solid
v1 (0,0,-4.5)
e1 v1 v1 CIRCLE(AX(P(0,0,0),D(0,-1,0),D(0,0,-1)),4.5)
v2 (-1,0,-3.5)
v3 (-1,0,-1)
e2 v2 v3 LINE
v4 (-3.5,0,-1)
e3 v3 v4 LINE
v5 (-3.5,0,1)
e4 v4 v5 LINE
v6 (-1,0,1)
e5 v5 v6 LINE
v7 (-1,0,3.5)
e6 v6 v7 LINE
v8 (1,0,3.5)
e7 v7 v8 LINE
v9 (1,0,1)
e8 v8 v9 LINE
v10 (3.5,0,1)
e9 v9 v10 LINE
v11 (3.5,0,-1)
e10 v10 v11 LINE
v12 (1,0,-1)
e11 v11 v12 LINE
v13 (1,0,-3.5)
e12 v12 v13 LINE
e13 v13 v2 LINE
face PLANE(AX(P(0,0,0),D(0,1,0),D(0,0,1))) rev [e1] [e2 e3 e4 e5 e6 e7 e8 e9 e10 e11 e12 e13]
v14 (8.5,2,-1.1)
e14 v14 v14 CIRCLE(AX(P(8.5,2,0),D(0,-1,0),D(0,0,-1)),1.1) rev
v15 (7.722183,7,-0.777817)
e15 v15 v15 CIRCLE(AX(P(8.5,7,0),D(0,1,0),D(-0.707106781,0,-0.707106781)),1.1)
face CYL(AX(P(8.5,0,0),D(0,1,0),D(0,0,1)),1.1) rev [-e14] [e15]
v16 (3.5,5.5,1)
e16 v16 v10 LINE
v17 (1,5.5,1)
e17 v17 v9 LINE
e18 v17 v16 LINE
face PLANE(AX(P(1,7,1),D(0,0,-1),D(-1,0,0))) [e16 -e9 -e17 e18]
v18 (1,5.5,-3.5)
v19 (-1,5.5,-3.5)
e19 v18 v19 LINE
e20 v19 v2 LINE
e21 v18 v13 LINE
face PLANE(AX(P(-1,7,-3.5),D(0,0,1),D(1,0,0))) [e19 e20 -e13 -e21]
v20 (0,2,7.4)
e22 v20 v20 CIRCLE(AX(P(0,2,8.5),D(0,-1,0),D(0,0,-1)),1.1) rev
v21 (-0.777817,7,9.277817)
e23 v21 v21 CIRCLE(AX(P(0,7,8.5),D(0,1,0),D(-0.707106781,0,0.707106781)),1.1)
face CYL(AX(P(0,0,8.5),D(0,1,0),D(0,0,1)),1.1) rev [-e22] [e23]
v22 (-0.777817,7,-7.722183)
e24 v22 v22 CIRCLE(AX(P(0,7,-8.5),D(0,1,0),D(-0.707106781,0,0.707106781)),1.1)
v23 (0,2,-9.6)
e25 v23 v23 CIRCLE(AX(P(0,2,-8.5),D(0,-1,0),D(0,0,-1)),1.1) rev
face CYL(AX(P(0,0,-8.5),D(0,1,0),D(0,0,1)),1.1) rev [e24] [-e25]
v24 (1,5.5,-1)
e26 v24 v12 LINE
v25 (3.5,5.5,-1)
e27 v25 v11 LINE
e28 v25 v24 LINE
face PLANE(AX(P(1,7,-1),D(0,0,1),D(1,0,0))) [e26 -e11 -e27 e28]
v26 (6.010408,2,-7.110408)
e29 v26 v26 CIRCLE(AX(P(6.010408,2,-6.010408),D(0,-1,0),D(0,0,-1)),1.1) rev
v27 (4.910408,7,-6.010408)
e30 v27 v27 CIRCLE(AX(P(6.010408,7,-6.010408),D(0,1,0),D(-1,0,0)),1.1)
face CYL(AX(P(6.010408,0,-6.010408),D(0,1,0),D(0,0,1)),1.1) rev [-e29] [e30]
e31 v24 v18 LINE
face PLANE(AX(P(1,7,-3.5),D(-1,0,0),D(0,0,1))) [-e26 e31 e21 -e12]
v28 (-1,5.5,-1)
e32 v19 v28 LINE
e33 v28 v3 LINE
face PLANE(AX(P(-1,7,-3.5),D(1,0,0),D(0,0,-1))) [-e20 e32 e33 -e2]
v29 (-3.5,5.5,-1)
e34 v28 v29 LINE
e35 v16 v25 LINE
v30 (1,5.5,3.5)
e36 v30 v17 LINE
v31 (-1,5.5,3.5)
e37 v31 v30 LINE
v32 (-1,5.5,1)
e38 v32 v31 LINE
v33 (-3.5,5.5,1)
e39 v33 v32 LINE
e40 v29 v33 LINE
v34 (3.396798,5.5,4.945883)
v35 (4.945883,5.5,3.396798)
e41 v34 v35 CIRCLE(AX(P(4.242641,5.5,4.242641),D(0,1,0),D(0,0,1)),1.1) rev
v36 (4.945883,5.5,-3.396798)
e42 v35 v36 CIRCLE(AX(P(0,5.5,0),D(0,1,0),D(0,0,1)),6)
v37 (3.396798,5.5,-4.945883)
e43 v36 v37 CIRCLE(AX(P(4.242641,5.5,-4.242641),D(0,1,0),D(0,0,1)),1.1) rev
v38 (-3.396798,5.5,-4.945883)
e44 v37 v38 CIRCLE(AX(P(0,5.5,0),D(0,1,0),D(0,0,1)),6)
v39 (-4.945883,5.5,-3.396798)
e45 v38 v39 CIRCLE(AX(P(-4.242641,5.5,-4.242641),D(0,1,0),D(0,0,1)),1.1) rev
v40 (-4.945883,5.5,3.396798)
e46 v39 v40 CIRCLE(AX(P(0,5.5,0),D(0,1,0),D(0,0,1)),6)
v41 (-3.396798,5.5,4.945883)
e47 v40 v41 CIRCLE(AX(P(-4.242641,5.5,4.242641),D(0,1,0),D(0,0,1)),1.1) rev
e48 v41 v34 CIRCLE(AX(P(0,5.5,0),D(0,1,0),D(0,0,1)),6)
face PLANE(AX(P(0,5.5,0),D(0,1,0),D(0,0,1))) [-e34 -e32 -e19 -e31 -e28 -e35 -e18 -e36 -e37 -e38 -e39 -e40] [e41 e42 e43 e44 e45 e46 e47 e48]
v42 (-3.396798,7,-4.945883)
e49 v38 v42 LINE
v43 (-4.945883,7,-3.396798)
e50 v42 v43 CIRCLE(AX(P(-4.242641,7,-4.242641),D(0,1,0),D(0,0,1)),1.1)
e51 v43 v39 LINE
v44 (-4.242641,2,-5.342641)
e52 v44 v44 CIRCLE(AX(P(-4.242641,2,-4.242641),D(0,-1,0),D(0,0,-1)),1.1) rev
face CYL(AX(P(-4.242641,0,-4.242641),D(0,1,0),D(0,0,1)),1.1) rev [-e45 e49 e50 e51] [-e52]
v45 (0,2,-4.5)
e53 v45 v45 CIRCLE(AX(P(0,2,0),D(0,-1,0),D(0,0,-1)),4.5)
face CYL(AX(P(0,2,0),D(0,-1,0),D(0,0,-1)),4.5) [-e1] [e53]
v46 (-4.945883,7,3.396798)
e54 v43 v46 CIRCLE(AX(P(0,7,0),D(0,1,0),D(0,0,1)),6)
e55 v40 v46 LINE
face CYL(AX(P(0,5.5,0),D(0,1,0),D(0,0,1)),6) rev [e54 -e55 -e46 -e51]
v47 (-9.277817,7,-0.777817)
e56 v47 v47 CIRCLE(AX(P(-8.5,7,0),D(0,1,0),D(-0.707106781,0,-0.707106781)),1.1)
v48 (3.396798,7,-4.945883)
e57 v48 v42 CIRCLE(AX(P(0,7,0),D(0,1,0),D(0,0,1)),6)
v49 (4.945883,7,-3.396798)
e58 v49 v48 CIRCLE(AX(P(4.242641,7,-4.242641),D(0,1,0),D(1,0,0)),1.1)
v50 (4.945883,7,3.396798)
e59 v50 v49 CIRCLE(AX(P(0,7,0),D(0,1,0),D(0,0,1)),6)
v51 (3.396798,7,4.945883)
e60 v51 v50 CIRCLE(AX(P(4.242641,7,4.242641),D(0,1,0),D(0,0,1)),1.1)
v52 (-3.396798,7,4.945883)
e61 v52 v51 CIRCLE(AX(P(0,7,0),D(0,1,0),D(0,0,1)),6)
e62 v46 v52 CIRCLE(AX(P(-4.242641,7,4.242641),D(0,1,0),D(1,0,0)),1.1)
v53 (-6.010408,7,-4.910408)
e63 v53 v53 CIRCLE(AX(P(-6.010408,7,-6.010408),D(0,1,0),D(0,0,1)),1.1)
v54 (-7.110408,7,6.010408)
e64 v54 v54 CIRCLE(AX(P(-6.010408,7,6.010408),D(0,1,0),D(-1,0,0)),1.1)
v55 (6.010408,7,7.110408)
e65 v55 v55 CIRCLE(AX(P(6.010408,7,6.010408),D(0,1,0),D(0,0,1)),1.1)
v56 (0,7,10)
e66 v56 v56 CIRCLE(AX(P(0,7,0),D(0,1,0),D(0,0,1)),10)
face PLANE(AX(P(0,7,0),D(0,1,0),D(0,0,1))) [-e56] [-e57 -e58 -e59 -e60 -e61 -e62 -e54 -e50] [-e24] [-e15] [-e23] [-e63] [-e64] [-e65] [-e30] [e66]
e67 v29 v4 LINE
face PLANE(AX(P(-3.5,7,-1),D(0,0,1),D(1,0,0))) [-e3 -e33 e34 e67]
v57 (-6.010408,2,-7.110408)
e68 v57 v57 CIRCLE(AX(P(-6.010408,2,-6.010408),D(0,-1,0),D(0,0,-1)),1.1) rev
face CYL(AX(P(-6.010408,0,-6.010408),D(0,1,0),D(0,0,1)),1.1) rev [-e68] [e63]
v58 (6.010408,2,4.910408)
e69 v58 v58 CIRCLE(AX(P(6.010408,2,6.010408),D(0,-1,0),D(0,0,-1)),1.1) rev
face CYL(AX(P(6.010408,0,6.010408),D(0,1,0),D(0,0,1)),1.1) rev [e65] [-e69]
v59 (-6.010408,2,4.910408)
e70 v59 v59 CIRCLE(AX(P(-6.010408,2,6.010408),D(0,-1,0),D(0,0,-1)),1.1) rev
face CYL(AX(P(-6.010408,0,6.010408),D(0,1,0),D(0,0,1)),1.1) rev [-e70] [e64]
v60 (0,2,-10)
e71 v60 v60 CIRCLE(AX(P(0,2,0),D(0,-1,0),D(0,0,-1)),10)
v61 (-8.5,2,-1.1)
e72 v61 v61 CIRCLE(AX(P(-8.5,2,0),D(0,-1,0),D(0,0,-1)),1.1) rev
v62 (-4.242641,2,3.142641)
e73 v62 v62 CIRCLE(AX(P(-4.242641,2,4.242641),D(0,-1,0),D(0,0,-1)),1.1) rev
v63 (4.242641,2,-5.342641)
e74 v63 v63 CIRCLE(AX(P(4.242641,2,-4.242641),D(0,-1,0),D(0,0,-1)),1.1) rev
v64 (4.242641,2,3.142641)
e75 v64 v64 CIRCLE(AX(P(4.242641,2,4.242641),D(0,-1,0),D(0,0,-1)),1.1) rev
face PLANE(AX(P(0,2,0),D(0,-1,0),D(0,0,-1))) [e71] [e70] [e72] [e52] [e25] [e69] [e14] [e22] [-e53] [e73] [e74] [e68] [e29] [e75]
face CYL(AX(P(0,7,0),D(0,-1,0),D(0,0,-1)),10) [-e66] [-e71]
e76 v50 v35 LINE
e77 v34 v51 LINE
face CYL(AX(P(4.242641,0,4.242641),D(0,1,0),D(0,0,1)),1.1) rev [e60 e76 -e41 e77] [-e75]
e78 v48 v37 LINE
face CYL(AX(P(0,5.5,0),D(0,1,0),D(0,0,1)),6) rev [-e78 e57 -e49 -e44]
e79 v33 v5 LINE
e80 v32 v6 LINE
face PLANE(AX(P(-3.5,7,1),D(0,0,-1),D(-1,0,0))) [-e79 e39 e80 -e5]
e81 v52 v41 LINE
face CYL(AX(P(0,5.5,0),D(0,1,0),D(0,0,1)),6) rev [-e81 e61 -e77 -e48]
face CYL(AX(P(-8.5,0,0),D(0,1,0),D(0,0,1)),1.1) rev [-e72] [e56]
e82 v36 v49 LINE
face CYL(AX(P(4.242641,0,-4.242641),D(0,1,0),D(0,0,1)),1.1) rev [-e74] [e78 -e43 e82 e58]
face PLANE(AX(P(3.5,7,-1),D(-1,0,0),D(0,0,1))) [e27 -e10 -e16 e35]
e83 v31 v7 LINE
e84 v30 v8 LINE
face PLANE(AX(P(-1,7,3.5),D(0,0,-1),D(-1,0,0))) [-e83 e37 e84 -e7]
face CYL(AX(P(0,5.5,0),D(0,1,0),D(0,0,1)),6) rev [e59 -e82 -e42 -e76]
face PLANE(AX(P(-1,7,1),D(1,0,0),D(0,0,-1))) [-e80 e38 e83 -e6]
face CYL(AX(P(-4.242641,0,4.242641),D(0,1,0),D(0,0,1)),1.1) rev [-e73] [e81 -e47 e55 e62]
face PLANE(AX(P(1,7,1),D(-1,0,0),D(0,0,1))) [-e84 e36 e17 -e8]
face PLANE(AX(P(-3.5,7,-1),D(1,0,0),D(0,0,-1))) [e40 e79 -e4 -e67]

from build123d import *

# Parameters (mm, degrees)
SKETCH_1_R               = 10
EXTRUDE_1_DEPTH          = 7
SKETCH_2_R               = 1.1
CUT_EXTRUDE_1_DEPTH      = 16.779733838
PATTERN_CIRCULAR_1_COUNT = 4
PATTERN_CIRCULAR_1_ANGLE = 135
SKETCH_3_R               = 1.1
CUT_EXTRUDE_2_DEPTH      = 16.779733838
PATTERN_CIRCULAR_2_COUNT = 2
PATTERN_CIRCULAR_2_ANGLE = 90
SKETCH_4_R               = 6
CUT_EXTRUDE_3_DEPTH      = 1.5
SKETCH_5_R               = 10
SKETCH_5_R_2             = 4.5
CUT_EXTRUDE_4_DEPTH      = 2


with BuildPart() as part:
    # 草图1 → 凸台-拉伸1 (new body)
    with BuildSketch(Plane(origin=(0, 0, 0), x_dir=(1, 0, 0), z_dir=(0, 1, 0))):
        with Locations(Location((0, 0, 0), (0, 0, 270))):
            Circle(SKETCH_1_R)
        Polygon((1, 1), (3.5, 1), (3.5, -1), (1, -1), (1, -3.5), (-1, -3.5), (-1, -1), (-3.5, -1), (-3.5, 1), (-1, 1), (-1, 3.5), (1, 3.5), align=None, mode=Mode.SUBTRACT)
    extrude(amount=EXTRUDE_1_DEPTH)

    # 草图2 → 切除-拉伸1 (cut, through all)
    with BuildSketch(Plane(origin=(0, 7, 0), x_dir=(1, 0, 0), z_dir=(0, 1, 0))):
        with Locations(Location((-6.01040764, 6.01040764, 0), (0, 0, 270))):
            Circle(SKETCH_2_R)
        with Locations(Location((6.01040764, -6.01040764, 0), (0, 0, 270))):
            Circle(SKETCH_2_R)
    cut_extrude_1 = extrude(amount=-CUT_EXTRUDE_1_DEPTH, mode=Mode.SUBTRACT)

    # 阵列(圆周)1: 切除-拉伸1 ×4 about axis
    pattern_circular_1_axis = Axis((0, 0, 0), (0, -1, 0))
    for i in range(1, PATTERN_CIRCULAR_1_COUNT):
        add(cut_extrude_1.rotate(pattern_circular_1_axis, i * PATTERN_CIRCULAR_1_ANGLE / (PATTERN_CIRCULAR_1_COUNT - 1)), mode=Mode.SUBTRACT)

    # 草图3 → 切除-拉伸2 (cut, through all)
    with BuildSketch(Plane(origin=(0, 7, 0), x_dir=(1, 0, 0), z_dir=(0, 1, 0))):
        with Locations(Location((-4.242640687, 4.242640687, 0), (0, 0, 270))):
            Circle(SKETCH_3_R)
        with Locations(Location((4.242640687, -4.242640687, 0), (0, 0, 270))):
            Circle(SKETCH_3_R)
    cut_extrude_2 = extrude(amount=-CUT_EXTRUDE_2_DEPTH, mode=Mode.SUBTRACT)

    # 阵列(圆周)2: 切除-拉伸2 ×2 about axis
    pattern_circular_2_axis = Axis((0, 0, 0), (0, 1, 0))
    for i in range(1, PATTERN_CIRCULAR_2_COUNT):
        add(cut_extrude_2.rotate(pattern_circular_2_axis, i * PATTERN_CIRCULAR_2_ANGLE / (PATTERN_CIRCULAR_2_COUNT - 1)), mode=Mode.SUBTRACT)

    # 草图4 → 切除-拉伸3 (cut)
    with BuildSketch(Plane(origin=(0, 7, 0), x_dir=(1, 0, 0), z_dir=(0, 1, 0))):
        Circle(SKETCH_4_R)
    extrude(amount=-CUT_EXTRUDE_3_DEPTH, mode=Mode.SUBTRACT)

    # 草图5 → 切除-拉伸4 (cut)
    with BuildSketch(Plane.XZ):
        with Locations(Location((0, 0, 0), (0, 0, 270))):
            Circle(SKETCH_5_R)
        with Locations(Location((0, 0, 0), (0, 0, 270))):
            Circle(SKETCH_5_R_2, mode=Mode.SUBTRACT)
    extrude(amount=-CUT_EXTRUDE_4_DEPTH, mode=Mode.SUBTRACT)


solid = part.part
